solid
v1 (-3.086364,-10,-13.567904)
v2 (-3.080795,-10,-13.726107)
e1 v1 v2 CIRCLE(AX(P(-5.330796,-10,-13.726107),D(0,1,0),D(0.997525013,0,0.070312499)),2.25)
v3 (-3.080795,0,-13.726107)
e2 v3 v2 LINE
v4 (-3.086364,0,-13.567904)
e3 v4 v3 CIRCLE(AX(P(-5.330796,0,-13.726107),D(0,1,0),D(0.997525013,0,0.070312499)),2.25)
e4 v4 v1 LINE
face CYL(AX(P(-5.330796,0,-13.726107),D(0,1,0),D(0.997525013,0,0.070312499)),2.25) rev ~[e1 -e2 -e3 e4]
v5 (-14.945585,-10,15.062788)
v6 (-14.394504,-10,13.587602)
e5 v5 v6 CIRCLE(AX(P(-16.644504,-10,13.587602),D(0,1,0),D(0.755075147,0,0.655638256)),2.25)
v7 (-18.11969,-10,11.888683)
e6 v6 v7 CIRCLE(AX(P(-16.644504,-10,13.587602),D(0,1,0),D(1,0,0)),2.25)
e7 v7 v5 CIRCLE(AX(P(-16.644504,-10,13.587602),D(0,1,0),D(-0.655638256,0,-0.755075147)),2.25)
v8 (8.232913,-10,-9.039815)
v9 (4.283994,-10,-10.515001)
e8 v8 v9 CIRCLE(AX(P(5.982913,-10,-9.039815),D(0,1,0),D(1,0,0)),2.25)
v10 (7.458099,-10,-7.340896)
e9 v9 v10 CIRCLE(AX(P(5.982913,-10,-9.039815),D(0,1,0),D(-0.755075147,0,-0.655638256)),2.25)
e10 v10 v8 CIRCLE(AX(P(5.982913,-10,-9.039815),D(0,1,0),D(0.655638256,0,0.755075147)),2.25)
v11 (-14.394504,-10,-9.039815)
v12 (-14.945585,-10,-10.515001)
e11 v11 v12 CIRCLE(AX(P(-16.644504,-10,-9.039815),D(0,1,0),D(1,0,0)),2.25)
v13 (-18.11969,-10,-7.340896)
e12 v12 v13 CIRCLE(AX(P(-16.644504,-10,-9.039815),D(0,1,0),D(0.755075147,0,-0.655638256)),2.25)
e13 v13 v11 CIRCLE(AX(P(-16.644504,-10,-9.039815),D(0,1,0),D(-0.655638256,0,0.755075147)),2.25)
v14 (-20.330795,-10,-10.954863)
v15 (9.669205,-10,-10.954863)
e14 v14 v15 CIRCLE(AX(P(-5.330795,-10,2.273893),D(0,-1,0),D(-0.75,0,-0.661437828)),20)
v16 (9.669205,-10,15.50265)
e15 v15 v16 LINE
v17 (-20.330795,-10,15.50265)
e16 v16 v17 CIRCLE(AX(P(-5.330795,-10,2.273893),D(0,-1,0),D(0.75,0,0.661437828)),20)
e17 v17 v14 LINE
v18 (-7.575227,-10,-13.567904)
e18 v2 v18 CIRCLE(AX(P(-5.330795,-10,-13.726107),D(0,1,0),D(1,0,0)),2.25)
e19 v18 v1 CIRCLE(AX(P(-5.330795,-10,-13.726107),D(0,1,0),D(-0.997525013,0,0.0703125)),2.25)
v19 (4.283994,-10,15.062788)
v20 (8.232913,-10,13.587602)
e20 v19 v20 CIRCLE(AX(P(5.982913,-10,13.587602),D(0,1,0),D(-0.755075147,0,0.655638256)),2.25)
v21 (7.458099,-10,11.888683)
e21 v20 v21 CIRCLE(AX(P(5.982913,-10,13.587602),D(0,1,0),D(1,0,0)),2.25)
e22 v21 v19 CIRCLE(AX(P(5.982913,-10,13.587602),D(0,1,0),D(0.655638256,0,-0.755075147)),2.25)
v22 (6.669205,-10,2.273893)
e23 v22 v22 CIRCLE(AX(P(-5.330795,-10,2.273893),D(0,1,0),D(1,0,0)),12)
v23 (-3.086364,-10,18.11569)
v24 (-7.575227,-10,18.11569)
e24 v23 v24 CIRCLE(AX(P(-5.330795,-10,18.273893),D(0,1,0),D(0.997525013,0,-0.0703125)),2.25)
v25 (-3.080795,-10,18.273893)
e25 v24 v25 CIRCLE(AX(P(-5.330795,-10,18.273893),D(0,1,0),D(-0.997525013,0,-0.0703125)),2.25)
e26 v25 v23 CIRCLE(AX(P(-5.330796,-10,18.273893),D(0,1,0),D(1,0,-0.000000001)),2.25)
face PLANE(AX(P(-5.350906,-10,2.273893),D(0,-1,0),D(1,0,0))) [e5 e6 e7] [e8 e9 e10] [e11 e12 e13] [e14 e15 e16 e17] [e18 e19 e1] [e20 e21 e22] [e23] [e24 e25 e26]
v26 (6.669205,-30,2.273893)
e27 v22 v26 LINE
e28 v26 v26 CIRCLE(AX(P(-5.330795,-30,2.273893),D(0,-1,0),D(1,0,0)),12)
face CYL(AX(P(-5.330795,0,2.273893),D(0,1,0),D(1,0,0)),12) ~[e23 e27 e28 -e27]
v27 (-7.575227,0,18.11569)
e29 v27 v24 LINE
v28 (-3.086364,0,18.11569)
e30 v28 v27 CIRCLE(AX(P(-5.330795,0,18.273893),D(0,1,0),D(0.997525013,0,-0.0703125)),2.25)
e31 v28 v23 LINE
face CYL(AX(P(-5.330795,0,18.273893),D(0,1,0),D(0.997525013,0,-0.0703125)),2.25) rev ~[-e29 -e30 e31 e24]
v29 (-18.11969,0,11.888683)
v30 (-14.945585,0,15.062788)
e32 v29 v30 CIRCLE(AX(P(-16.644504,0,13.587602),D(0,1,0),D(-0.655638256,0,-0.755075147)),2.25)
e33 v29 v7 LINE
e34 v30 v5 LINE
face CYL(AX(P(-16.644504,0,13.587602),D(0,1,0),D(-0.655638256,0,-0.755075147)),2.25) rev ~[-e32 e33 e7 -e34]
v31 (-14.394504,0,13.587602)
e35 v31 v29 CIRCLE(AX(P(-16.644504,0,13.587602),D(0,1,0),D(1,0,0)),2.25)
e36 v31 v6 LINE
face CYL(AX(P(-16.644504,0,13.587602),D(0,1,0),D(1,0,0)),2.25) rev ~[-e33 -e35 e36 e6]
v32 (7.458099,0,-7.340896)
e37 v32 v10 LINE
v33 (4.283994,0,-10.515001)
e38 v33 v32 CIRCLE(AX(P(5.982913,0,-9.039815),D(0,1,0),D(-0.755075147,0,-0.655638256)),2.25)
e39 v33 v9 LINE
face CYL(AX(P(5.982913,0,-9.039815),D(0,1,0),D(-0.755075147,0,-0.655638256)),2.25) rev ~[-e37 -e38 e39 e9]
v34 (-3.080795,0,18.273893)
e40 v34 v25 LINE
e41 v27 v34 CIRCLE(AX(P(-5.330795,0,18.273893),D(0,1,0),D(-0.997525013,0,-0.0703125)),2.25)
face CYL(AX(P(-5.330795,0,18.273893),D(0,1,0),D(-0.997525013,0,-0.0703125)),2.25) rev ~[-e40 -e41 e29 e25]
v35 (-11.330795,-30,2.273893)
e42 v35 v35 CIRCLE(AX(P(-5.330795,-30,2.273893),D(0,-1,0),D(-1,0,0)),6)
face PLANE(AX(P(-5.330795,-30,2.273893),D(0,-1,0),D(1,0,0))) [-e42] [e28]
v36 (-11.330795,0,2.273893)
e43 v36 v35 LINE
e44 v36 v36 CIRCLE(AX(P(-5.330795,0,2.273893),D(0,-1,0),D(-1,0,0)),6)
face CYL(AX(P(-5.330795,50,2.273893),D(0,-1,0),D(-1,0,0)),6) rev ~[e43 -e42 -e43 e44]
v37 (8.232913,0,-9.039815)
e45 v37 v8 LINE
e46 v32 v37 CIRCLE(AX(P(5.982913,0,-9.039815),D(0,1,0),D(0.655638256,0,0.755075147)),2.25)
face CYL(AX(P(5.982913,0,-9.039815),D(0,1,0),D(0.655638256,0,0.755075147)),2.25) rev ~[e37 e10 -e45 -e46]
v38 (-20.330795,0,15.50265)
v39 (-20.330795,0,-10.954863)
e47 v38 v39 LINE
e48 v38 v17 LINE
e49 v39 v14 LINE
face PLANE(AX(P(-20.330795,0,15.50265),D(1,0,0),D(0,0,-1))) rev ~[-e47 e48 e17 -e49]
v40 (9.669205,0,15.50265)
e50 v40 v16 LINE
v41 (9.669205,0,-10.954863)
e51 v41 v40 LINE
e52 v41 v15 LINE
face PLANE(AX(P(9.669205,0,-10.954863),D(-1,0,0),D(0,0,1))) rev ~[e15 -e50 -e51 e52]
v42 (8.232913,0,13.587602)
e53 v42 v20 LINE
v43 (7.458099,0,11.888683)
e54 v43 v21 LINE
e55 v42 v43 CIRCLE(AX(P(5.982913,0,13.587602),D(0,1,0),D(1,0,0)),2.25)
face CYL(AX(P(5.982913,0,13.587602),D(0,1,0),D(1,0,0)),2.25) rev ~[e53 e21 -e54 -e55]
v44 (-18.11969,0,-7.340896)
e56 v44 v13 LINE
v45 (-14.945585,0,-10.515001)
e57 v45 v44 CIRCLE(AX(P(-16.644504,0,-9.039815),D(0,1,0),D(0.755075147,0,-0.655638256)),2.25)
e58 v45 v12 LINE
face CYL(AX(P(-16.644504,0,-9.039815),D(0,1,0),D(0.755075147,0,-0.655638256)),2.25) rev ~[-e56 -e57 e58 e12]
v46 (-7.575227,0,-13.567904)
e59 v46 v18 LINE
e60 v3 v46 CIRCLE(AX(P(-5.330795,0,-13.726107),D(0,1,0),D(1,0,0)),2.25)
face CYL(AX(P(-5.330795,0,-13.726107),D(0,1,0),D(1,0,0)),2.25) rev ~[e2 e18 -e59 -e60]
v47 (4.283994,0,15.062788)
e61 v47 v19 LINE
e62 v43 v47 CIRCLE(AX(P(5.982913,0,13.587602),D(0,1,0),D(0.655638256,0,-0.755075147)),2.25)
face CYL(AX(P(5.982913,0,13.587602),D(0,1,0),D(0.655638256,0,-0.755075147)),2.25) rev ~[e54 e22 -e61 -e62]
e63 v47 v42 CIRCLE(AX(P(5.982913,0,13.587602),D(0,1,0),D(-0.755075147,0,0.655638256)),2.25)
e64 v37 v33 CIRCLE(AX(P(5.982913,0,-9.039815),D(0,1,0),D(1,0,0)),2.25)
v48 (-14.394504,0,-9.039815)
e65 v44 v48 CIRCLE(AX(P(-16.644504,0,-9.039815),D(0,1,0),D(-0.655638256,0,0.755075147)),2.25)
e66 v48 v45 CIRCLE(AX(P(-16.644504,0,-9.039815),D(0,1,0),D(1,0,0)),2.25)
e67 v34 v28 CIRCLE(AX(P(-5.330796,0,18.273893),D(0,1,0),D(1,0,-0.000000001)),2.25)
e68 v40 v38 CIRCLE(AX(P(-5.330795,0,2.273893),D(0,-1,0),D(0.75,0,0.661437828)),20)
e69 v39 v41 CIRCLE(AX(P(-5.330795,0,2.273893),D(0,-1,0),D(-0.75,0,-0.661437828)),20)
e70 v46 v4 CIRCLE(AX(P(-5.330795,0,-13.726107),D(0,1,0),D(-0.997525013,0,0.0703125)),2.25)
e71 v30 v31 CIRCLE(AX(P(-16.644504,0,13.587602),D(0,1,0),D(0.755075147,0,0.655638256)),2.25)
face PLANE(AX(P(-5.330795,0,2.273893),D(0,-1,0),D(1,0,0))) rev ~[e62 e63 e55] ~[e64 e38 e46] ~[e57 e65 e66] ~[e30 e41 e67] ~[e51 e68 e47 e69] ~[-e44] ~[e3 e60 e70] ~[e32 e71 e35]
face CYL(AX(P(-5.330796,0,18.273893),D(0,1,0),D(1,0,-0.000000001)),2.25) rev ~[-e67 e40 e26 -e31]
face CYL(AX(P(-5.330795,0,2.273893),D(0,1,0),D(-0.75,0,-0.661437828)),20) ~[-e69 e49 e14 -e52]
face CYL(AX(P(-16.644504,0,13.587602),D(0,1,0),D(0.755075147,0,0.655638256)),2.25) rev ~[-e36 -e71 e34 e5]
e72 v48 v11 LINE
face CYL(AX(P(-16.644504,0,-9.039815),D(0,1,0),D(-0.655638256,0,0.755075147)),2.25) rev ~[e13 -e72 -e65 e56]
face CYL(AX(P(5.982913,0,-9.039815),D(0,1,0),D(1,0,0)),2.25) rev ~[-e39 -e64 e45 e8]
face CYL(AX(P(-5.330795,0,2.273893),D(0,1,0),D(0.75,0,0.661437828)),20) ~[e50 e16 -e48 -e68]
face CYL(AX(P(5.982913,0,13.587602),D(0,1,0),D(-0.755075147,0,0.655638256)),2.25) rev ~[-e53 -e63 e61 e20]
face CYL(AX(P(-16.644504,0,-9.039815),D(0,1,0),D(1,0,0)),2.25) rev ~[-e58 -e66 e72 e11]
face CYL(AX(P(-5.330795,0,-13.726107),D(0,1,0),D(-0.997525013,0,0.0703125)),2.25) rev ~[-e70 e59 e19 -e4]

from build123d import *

# Parameters (mm, degrees)
F0_R     = 12
F1_DEPTH = 10
F2_DEPTH = 30
F3_D     = 12
F3_DEPTH = 50
F3_TIP   = 3.6051637142


with BuildPart() as f1:
    # F0 (on Front) → F1 (new body)
    with BuildSketch(Plane.XZ):
        with BuildLine():
            Line((9.6692045312, -3.2938710881), (9.6692045312, 7.8416576376))
            ThreePointArc((9.6692045312, 7.8416576376), (8.7102254474, 9.9452511488), (7.4580991057, 11.8886826932))
            ThreePointArc((7.4580991057, 11.8886826932), (4.3919227725, 11.9966115161), (4.2839939496, 15.0627878494))
            ThreePointArc((4.2839939496, 15.0627878494), (0.792139449, 17.055965795), (-3.0863641887, 18.1156901498))
            ThreePointArc((-3.0863641887, 18.1156901498), (-5.3307954688, 16.0238932748), (-7.575226749, 18.1156901498))
            ThreePointArc((-7.575226749, 18.1156901498), (-11.4537303867, 17.055965795), (-14.9455848872, 15.0627878494))
            ThreePointArc((-14.9455848872, 15.0627878494), (-14.5367720196, 14.3749809927), (-14.3945039678, 13.5876017738))
            ThreePointArc((-14.3945039678, 13.5876017738), (-15.7108735993, 11.5404490352), (-18.1196900434, 11.8886826932))
            ThreePointArc((-18.1196900434, 11.8886826932), (-19.371816385, 9.9452511488), (-20.3307954688, 7.8416576376))
            Line((-20.3307954688, 7.8416576376), (-20.3307954688, -3.2938710881))
            ThreePointArc((-20.3307954688, -3.2938710881), (-19.371816385, -5.3974645992), (-18.1196900434, -7.3408961436))
            ThreePointArc((-18.1196900434, -7.3408961436), (-15.7108735993, -6.9926624856), (-14.3945039678, -9.0398152242))
            ThreePointArc((-14.3945039678, -9.0398152242), (-14.5367720196, -9.8271944431), (-14.9455848872, -10.5150012998))
            ThreePointArc((-14.9455848872, -10.5150012998), (-11.4537303867, -12.5081792454), (-7.575226749, -13.5679036002))
            ThreePointArc((-7.575226749, -13.5679036002), (-5.3307954688, -11.4761067252), (-3.0863641887, -13.5679036002))
            ThreePointArc((-3.0863641887, -13.5679036002), (0.792139449, -12.5081792454), (4.2839939496, -10.5150012998))
            ThreePointArc((4.2839939496, -10.5150012998), (4.3919227725, -7.4488249665), (7.4580991057, -7.3408961436))
            ThreePointArc((7.4580991057, -7.3408961436), (8.7102254474, -5.3974645992), (9.6692045312, -3.2938710881))
        make_face()
        with Locations((-5.3307954688, 2.2738932748)):
            Circle(F0_R, mode=Mode.SUBTRACT)
        with BuildLine():
            Line((9.6692045312, 7.8416576376), (9.6692045312, 15.5026498301))
            ThreePointArc((9.6692045312, 15.5026498301), (-5.3307954688, 22.2738932748), (-20.3307954688, 15.5026498301))
            Line((-20.3307954688, 15.5026498301), (-20.3307954688, 7.8416576376))
            ThreePointArc((-20.3307954688, 7.8416576376), (-19.371816385, 9.9452511488), (-18.1196900434, 11.8886826932))
            ThreePointArc((-18.1196900434, 11.8886826932), (-18.2354942255, 15.1785920314), (-14.9455848872, 15.0627878494))
            ThreePointArc((-14.9455848872, 15.0627878494), (-11.4537303867, 17.055965795), (-7.575226749, 18.1156901498))
            ThreePointArc((-7.575226749, 18.1156901498), (-5.4099460206, 20.5225006638), (-3.0807954688, 18.2738932748))
            ThreePointArc((-3.0807954688, 18.2738932748), (-3.0821880798, 18.194742723), (-3.0863641887, 18.1156901498))
            ThreePointArc((-3.0863641887, 18.1156901498), (0.792139449, 17.055965795), (4.2839939496, 15.0627878494))
            ThreePointArc((4.2839939496, 15.0627878494), (6.770292249, 15.695333722), (8.2329130301, 13.5876017738))
            ThreePointArc((8.2329130301, 13.5876017738), (8.0300657687, 12.6539714053), (7.4580991057, 11.8886826932))
            ThreePointArc((7.4580991057, 11.8886826932), (8.7102254474, 9.9452511488), (9.6692045312, 7.8416576376))
        make_face()
        with BuildLine():
            ThreePointArc((-20.3307954688, -10.9548632805), (-5.3307954688, -17.7261067252), (9.6692045312, -10.9548632805))
            Line((9.6692045312, -10.9548632805), (9.6692045312, -3.2938710881))
            ThreePointArc((9.6692045312, -3.2938710881), (8.7102254474, -5.3974645992), (7.4580991057, -7.3408961436))
            ThreePointArc((7.4580991057, -7.3408961436), (8.0300657687, -8.1061848557), (8.2329130301, -9.0398152242))
            ThreePointArc((8.2329130301, -9.0398152242), (6.770292249, -11.1475471725), (4.2839939496, -10.5150012998))
            ThreePointArc((4.2839939496, -10.5150012998), (0.792139449, -12.5081792454), (-3.0863641887, -13.5679036002))
            ThreePointArc((-3.0863641887, -13.5679036002), (-3.0821880798, -13.6469561734), (-3.0807954688, -13.7261067252))
            ThreePointArc((-3.0807954688, -13.7261067252), (-5.4099460206, -15.9747141143), (-7.575226749, -13.5679036002))
            ThreePointArc((-7.575226749, -13.5679036002), (-11.4537303867, -12.5081792454), (-14.9455848872, -10.5150012998))
            ThreePointArc((-14.9455848872, -10.5150012998), (-18.2354942255, -10.6308054819), (-18.1196900434, -7.3408961436))
            ThreePointArc((-18.1196900434, -7.3408961436), (-19.371816385, -5.3974645992), (-20.3307954688, -3.2938710881))
            Line((-20.3307954688, -3.2938710881), (-20.3307954688, -10.9548632805))
        make_face()
        with Locations((-5.3307954688, 2.2738932748)):
            Circle(F0_R)
    extrude(amount=F1_DEPTH)

    # F0 (on Front) → F2 (join)
    with BuildSketch(Plane.XZ):
        with Locations((-5.3307954688, 2.2738932748)):
            Circle(F0_R)
    extrude(amount=F2_DEPTH)

    # F3
    with Locations(Plane(origin=(0, 0, 0), x_dir=(1, 0, 0), z_dir=(0, 1, 0))):
        with Locations((-5.3307954688, -2.2738932748)):
            Hole(F3_D / 2, depth=F3_DEPTH)
            with Locations((0, 0, -(F3_DEPTH + F3_TIP / 2))):  # 118° drill point
                Cone(0, F3_D / 2, F3_TIP, mode=Mode.SUBTRACT)


solid = f1.part
